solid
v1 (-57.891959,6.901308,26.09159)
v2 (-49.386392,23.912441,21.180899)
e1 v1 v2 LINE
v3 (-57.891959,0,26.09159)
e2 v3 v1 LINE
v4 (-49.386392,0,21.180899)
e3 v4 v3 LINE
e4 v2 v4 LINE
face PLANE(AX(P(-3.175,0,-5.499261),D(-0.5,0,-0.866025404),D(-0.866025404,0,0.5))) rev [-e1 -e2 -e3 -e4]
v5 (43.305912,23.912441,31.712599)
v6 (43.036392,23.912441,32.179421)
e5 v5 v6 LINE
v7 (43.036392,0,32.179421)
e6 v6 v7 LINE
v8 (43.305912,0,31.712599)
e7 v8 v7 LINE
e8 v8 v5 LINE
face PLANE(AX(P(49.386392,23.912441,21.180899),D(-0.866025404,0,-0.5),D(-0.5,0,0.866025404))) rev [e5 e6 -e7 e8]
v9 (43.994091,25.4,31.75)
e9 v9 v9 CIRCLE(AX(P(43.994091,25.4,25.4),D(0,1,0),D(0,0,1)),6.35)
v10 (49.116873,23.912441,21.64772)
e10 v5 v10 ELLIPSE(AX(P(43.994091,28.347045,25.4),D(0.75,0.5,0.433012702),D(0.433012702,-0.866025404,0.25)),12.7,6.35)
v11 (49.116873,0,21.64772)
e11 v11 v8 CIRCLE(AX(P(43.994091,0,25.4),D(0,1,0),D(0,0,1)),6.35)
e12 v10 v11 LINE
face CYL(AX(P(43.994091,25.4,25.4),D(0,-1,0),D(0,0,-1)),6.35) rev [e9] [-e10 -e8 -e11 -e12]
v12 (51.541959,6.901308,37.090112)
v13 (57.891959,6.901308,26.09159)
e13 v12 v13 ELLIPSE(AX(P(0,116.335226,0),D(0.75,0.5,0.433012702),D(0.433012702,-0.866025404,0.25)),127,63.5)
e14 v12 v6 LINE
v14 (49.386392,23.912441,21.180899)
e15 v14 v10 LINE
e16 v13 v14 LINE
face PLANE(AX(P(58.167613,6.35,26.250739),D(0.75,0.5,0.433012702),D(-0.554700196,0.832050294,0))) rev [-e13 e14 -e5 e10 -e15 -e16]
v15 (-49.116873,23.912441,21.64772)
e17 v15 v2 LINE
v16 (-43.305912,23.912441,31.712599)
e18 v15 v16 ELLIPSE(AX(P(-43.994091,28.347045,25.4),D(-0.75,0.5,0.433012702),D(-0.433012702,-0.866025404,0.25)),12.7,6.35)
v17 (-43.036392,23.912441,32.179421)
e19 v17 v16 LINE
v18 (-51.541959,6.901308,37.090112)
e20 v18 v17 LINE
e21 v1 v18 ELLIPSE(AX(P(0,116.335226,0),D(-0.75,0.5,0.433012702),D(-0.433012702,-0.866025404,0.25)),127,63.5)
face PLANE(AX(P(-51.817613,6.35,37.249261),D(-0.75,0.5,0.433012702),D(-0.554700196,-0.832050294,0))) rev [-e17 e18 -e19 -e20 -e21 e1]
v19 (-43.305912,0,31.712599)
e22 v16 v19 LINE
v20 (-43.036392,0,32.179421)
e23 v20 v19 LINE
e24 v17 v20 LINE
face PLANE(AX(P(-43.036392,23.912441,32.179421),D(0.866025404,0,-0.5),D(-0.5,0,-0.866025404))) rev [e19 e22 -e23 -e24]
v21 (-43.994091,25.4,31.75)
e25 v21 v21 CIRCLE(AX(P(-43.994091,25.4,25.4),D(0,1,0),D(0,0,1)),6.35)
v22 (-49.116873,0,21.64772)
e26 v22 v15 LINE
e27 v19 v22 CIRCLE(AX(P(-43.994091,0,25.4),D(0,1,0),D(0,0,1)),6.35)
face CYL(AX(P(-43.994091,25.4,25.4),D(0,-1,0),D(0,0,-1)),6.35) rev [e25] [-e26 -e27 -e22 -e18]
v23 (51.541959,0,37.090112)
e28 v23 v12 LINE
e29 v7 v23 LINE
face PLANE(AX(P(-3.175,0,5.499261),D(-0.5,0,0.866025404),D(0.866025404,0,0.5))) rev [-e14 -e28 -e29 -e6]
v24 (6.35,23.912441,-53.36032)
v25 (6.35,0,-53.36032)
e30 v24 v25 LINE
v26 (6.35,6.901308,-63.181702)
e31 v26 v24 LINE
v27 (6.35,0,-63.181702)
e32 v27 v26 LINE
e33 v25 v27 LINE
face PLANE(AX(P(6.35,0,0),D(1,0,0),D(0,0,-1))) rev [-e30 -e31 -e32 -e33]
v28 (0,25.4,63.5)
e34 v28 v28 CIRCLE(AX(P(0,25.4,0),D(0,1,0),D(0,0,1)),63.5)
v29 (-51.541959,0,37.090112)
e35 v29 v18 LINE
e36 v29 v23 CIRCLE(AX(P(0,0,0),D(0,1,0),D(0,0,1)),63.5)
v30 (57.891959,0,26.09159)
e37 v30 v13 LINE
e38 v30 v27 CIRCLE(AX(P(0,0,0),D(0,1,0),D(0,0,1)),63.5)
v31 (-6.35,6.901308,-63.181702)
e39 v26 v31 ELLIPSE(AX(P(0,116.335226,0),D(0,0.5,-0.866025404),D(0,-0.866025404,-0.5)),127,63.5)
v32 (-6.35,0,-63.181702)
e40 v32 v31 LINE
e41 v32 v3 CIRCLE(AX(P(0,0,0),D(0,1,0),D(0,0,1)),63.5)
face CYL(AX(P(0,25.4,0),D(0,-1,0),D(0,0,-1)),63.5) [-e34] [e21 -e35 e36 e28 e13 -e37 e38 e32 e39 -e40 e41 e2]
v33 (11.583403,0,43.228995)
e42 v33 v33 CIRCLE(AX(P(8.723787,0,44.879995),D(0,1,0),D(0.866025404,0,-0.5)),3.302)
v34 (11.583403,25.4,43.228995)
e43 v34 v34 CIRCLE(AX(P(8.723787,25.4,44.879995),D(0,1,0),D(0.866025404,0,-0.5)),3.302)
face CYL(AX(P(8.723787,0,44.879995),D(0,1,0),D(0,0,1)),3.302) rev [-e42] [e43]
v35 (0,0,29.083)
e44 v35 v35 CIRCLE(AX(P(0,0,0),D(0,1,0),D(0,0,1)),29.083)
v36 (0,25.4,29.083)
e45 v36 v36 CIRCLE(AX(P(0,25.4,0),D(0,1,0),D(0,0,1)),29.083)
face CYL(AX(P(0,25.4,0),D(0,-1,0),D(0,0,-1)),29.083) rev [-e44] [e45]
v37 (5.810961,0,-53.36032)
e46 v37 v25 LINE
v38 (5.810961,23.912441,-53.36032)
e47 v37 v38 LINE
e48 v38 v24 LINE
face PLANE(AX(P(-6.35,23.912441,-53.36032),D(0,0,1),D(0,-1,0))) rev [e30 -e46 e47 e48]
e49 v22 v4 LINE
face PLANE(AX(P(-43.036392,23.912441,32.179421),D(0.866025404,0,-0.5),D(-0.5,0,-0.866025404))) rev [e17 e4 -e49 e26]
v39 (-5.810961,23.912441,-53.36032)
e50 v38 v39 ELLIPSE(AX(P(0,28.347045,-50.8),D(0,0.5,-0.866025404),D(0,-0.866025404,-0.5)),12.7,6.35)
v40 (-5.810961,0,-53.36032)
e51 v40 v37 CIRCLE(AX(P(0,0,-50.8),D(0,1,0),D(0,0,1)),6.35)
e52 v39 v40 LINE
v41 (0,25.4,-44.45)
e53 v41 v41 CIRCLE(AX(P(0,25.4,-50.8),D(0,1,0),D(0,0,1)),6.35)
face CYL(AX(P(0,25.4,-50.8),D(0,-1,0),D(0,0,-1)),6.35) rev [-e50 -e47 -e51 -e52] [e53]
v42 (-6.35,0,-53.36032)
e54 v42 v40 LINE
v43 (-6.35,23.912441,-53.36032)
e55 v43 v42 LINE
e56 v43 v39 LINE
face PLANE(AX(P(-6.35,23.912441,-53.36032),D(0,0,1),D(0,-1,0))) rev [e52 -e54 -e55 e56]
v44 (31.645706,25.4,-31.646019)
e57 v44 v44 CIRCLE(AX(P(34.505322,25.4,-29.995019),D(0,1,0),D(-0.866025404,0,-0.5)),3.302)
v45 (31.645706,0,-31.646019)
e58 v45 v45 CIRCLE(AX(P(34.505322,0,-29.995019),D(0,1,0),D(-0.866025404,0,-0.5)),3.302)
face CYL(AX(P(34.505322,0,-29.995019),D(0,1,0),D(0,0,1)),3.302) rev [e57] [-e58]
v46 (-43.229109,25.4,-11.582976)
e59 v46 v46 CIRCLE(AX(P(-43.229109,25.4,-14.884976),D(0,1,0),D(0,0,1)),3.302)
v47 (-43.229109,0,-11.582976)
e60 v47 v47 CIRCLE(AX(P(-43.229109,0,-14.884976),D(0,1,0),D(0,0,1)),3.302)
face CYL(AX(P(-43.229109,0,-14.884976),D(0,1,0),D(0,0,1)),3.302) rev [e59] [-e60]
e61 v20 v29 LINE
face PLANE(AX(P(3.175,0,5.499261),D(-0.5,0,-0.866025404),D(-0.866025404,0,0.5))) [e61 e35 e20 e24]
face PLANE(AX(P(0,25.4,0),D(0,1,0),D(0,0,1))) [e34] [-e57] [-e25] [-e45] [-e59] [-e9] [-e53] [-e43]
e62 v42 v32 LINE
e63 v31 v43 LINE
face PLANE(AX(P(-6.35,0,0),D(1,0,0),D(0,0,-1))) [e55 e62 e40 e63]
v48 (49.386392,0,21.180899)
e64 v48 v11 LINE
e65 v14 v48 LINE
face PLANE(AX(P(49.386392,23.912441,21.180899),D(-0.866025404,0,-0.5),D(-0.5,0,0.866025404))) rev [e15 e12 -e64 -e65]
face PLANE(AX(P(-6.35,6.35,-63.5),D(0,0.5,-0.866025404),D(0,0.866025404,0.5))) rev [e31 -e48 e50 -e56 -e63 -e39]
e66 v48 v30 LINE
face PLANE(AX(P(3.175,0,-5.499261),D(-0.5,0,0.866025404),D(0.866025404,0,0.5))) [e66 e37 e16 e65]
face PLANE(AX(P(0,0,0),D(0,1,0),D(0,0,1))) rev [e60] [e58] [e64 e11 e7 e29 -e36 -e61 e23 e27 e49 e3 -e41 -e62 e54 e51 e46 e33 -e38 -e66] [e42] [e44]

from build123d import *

# Parameters (mm, degrees)
SKETCH1_R           = 63.5
SKETCH1_R_2         = 29.083
SKETCH1_R_3         = 6.35
BOSS_EXTRUDE1_DEPTH = 25.4
CUT_EXTRUDE3_DEPTH  = 6.35
CIRPATTERN1_COUNT   = 3
SKETCH5_R           = 3.302
CUT_EXTRUDE4_DEPTH  = 26.4
CIRPATTERN2_COUNT   = 3


with BuildPart() as part:
    # Sketch1 → Boss-Extrude1 (new body)
    with BuildSketch(Plane(origin=(0, 0, 0), x_dir=(1, 0, 0), z_dir=(0, 1, 0))):
        Circle(SKETCH1_R)
        Circle(SKETCH1_R_2, mode=Mode.SUBTRACT)
        with Locations((0, 50.8)):
            Circle(SKETCH1_R_3, mode=Mode.SUBTRACT)
        with Locations((43.994090512, -25.4)):
            Circle(SKETCH1_R_3, mode=Mode.SUBTRACT)
        with Locations((-43.994090512, -25.4)):
            Circle(SKETCH1_R_3, mode=Mode.SUBTRACT)
    extrude(amount=BOSS_EXTRUDE1_DEPTH)

    # Sketch4 → Cut-Extrude3 (cut, symmetric)
    with BuildSketch(Plane(origin=(0, 0, 0), x_dir=(0, 0, -1), z_dir=(1, 0, 0))):
        Polygon((63.5, 0), (63.5, 6.35), (53.360319725, 23.912441409), (53.360319725, 0), align=None)
    cut_extrude3 = extrude(amount=CUT_EXTRUDE3_DEPTH, both=True, mode=Mode.SUBTRACT)

    # CirPattern1: Cut-Extrude3 ×3 about axis
    cirpattern1_axis = Axis((0, 0, 0), (0, 1, 0))
    for i in range(1, CIRPATTERN1_COUNT):
        add(cut_extrude3.rotate(cirpattern1_axis, i * 360 / CIRPATTERN1_COUNT), mode=Mode.SUBTRACT)

    # Sketch5 → Cut-Extrude4 (cut, through all)
    with BuildSketch(Plane(origin=(0, 25.4, 0), x_dir=(1, 0, 0), z_dir=(0, 1, 0))):
        with Locations((-43.229109276, 14.884976022)):
            Circle(SKETCH5_R)
    cut_extrude4 = extrude(amount=-CUT_EXTRUDE4_DEPTH, mode=Mode.SUBTRACT)

    # CirPattern2: Cut-Extrude4 ×3 about axis
    cirpattern2_axis = Axis((0, 0, 0), (0, 1, 0))
    for i in range(1, CIRPATTERN2_COUNT):
        add(cut_extrude4.rotate(cirpattern2_axis, i * 360 / CIRPATTERN2_COUNT), mode=Mode.SUBTRACT)


solid = part.part
